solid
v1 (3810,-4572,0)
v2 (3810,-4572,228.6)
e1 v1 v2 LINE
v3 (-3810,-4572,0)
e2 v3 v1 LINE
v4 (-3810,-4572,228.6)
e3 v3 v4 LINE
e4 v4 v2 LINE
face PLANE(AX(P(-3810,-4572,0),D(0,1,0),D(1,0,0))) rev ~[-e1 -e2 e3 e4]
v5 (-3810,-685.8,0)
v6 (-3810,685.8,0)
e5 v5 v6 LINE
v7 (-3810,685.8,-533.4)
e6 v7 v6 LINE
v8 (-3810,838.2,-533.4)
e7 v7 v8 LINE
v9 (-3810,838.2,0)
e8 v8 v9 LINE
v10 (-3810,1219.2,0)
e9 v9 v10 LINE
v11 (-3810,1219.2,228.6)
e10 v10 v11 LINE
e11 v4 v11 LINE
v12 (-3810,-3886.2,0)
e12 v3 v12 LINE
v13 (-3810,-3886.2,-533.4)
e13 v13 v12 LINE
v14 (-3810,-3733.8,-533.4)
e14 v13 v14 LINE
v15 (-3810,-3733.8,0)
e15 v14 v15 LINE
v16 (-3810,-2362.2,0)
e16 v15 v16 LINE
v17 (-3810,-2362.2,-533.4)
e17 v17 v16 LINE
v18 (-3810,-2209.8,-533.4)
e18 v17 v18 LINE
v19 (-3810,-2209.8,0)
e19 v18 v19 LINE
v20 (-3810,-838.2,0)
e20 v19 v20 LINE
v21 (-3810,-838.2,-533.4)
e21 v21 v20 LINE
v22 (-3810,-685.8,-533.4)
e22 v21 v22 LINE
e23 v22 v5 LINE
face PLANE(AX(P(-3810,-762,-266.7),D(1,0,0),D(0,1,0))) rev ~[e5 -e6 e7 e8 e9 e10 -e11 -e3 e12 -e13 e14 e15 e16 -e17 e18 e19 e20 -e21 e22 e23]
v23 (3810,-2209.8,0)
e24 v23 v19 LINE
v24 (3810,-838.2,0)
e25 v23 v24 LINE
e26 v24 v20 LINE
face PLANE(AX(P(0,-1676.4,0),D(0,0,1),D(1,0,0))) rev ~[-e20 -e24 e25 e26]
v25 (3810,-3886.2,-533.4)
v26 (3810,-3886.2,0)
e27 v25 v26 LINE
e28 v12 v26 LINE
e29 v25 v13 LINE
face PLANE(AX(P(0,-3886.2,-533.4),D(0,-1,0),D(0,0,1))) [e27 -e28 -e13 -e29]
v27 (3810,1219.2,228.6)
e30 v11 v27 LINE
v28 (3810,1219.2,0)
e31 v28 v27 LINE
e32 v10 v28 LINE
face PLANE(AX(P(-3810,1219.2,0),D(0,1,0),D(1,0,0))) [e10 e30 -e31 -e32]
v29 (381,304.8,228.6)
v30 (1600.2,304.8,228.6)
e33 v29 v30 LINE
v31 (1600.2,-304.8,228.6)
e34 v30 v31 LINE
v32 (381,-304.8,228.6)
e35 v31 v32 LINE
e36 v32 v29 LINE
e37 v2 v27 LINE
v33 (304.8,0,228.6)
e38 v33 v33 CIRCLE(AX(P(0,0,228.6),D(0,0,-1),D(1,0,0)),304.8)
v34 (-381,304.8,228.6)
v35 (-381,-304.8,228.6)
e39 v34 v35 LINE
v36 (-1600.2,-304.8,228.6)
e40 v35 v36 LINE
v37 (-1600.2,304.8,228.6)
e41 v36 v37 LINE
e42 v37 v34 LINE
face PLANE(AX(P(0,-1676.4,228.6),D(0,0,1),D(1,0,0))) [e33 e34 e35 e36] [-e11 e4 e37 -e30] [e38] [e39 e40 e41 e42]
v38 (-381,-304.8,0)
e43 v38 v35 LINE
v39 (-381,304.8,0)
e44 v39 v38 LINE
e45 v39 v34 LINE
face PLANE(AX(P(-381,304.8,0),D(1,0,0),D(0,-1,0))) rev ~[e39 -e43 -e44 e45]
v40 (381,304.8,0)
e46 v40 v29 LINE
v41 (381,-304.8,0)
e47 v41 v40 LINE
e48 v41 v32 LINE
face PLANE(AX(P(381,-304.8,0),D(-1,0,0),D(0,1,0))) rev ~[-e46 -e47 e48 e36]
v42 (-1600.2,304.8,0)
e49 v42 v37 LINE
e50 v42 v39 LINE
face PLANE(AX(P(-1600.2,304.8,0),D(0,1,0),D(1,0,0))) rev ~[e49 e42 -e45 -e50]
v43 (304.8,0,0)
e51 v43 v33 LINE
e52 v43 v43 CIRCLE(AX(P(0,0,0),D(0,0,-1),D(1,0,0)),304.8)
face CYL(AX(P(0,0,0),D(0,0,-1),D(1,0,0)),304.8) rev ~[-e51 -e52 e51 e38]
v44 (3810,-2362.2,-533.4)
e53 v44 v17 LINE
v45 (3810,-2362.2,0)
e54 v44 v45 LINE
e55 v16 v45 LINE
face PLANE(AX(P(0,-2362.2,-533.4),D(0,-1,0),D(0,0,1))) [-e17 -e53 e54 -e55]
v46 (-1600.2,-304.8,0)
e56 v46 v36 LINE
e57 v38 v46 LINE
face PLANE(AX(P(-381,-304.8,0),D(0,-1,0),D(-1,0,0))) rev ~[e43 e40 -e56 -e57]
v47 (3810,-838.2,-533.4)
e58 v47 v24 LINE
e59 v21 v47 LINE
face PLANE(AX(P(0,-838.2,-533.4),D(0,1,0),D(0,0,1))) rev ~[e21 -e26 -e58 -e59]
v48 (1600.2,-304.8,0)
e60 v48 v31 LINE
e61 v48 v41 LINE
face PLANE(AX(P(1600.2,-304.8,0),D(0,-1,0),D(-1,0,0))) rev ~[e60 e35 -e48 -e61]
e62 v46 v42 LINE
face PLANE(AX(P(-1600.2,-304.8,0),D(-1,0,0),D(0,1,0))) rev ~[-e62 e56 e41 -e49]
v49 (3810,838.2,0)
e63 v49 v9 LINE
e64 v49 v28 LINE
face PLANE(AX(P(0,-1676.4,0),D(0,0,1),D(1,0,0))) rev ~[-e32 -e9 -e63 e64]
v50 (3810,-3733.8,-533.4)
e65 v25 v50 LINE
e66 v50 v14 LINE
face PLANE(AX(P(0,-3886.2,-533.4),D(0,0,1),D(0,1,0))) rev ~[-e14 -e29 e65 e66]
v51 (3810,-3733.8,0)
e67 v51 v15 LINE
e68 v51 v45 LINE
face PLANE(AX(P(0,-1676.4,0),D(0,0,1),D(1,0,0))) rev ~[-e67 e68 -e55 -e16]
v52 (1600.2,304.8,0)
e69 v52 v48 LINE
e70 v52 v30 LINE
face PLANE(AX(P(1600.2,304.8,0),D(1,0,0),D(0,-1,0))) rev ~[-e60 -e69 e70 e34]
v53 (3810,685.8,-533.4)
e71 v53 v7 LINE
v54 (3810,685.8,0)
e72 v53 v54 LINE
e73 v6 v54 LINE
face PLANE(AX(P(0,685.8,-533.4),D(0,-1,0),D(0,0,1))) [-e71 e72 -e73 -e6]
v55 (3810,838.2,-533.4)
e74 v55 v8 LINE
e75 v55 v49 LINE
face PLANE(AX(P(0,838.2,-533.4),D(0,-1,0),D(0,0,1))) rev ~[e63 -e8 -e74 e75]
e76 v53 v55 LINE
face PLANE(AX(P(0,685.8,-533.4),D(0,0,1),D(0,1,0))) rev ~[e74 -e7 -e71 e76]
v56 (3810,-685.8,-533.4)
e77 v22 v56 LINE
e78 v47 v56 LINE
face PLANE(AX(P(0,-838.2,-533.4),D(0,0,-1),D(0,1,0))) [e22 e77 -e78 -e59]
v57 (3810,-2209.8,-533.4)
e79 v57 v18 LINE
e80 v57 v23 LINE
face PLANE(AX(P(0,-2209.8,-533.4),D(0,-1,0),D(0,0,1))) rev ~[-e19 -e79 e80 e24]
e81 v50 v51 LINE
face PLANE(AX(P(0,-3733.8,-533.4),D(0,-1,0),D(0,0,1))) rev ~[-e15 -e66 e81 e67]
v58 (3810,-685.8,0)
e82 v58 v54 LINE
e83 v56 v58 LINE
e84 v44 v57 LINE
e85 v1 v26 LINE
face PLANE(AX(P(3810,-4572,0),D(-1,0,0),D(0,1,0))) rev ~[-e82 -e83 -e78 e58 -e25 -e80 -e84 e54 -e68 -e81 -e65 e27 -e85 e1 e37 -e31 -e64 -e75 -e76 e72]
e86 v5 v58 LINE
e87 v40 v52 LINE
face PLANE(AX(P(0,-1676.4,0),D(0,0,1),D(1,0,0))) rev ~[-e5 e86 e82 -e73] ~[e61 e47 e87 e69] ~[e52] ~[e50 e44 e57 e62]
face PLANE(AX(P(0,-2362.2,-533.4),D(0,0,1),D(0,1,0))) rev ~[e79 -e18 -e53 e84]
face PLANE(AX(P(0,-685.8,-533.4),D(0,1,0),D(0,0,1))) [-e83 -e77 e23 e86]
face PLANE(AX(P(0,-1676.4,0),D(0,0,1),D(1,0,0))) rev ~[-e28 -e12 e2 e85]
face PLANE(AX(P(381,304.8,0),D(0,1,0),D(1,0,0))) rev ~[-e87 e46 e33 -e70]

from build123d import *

# Parameters (mm, degrees)
F0_W          = 7620
F0_H          = 5791.2
F1_DEPTH      = 228.6
F2_W          = 152.4
F2_H          = 533.4
F3_DEPTH      = 3810
F3_DEPTH_BACK = 3810


with BuildPart() as f1:
    # F0 (on Top) → F1 (new body)
    with BuildSketch(Plane.XY):
        with Locations((0, -1676.4)):
            Rectangle(F0_W, F0_H)
        Polygon((-381, 304.8), (-381, 0), (-381, -304.8), (-1600.2, -304.8), (-1600.2, 304.8), align=None, mode=Mode.SUBTRACT)
        with BuildLine():
            ThreePointArc((-304.8, 0), (0, 304.8), (304.8, 0))
            ThreePointArc((304.8, 0), (0, -304.8), (-304.8, 0))
        make_face(mode=Mode.SUBTRACT)
        Polygon((381, -304.8), (381, 0), (381, 304.8), (1600.2, 304.8), (1600.2, -304.8), align=None, mode=Mode.SUBTRACT)
    extrude(amount=F1_DEPTH)

    # F2 (on Right) → F3 (join, two sides)
    with BuildSketch(Plane.YZ) as f3_sk:
        with Locations((-762, -266.7)):
            Rectangle(F2_W, F2_H)
        with Locations((762, -266.7)):
            Rectangle(F2_W, F2_H)
        with Locations((-3810, -266.7)):
            Rectangle(F2_W, F2_H)
        with Locations((-2286, -266.7)):
            Rectangle(F2_W, F2_H)
    extrude(amount=F3_DEPTH)
    extrude(f3_sk.sketch, amount=-F3_DEPTH_BACK)


solid = f1.part
